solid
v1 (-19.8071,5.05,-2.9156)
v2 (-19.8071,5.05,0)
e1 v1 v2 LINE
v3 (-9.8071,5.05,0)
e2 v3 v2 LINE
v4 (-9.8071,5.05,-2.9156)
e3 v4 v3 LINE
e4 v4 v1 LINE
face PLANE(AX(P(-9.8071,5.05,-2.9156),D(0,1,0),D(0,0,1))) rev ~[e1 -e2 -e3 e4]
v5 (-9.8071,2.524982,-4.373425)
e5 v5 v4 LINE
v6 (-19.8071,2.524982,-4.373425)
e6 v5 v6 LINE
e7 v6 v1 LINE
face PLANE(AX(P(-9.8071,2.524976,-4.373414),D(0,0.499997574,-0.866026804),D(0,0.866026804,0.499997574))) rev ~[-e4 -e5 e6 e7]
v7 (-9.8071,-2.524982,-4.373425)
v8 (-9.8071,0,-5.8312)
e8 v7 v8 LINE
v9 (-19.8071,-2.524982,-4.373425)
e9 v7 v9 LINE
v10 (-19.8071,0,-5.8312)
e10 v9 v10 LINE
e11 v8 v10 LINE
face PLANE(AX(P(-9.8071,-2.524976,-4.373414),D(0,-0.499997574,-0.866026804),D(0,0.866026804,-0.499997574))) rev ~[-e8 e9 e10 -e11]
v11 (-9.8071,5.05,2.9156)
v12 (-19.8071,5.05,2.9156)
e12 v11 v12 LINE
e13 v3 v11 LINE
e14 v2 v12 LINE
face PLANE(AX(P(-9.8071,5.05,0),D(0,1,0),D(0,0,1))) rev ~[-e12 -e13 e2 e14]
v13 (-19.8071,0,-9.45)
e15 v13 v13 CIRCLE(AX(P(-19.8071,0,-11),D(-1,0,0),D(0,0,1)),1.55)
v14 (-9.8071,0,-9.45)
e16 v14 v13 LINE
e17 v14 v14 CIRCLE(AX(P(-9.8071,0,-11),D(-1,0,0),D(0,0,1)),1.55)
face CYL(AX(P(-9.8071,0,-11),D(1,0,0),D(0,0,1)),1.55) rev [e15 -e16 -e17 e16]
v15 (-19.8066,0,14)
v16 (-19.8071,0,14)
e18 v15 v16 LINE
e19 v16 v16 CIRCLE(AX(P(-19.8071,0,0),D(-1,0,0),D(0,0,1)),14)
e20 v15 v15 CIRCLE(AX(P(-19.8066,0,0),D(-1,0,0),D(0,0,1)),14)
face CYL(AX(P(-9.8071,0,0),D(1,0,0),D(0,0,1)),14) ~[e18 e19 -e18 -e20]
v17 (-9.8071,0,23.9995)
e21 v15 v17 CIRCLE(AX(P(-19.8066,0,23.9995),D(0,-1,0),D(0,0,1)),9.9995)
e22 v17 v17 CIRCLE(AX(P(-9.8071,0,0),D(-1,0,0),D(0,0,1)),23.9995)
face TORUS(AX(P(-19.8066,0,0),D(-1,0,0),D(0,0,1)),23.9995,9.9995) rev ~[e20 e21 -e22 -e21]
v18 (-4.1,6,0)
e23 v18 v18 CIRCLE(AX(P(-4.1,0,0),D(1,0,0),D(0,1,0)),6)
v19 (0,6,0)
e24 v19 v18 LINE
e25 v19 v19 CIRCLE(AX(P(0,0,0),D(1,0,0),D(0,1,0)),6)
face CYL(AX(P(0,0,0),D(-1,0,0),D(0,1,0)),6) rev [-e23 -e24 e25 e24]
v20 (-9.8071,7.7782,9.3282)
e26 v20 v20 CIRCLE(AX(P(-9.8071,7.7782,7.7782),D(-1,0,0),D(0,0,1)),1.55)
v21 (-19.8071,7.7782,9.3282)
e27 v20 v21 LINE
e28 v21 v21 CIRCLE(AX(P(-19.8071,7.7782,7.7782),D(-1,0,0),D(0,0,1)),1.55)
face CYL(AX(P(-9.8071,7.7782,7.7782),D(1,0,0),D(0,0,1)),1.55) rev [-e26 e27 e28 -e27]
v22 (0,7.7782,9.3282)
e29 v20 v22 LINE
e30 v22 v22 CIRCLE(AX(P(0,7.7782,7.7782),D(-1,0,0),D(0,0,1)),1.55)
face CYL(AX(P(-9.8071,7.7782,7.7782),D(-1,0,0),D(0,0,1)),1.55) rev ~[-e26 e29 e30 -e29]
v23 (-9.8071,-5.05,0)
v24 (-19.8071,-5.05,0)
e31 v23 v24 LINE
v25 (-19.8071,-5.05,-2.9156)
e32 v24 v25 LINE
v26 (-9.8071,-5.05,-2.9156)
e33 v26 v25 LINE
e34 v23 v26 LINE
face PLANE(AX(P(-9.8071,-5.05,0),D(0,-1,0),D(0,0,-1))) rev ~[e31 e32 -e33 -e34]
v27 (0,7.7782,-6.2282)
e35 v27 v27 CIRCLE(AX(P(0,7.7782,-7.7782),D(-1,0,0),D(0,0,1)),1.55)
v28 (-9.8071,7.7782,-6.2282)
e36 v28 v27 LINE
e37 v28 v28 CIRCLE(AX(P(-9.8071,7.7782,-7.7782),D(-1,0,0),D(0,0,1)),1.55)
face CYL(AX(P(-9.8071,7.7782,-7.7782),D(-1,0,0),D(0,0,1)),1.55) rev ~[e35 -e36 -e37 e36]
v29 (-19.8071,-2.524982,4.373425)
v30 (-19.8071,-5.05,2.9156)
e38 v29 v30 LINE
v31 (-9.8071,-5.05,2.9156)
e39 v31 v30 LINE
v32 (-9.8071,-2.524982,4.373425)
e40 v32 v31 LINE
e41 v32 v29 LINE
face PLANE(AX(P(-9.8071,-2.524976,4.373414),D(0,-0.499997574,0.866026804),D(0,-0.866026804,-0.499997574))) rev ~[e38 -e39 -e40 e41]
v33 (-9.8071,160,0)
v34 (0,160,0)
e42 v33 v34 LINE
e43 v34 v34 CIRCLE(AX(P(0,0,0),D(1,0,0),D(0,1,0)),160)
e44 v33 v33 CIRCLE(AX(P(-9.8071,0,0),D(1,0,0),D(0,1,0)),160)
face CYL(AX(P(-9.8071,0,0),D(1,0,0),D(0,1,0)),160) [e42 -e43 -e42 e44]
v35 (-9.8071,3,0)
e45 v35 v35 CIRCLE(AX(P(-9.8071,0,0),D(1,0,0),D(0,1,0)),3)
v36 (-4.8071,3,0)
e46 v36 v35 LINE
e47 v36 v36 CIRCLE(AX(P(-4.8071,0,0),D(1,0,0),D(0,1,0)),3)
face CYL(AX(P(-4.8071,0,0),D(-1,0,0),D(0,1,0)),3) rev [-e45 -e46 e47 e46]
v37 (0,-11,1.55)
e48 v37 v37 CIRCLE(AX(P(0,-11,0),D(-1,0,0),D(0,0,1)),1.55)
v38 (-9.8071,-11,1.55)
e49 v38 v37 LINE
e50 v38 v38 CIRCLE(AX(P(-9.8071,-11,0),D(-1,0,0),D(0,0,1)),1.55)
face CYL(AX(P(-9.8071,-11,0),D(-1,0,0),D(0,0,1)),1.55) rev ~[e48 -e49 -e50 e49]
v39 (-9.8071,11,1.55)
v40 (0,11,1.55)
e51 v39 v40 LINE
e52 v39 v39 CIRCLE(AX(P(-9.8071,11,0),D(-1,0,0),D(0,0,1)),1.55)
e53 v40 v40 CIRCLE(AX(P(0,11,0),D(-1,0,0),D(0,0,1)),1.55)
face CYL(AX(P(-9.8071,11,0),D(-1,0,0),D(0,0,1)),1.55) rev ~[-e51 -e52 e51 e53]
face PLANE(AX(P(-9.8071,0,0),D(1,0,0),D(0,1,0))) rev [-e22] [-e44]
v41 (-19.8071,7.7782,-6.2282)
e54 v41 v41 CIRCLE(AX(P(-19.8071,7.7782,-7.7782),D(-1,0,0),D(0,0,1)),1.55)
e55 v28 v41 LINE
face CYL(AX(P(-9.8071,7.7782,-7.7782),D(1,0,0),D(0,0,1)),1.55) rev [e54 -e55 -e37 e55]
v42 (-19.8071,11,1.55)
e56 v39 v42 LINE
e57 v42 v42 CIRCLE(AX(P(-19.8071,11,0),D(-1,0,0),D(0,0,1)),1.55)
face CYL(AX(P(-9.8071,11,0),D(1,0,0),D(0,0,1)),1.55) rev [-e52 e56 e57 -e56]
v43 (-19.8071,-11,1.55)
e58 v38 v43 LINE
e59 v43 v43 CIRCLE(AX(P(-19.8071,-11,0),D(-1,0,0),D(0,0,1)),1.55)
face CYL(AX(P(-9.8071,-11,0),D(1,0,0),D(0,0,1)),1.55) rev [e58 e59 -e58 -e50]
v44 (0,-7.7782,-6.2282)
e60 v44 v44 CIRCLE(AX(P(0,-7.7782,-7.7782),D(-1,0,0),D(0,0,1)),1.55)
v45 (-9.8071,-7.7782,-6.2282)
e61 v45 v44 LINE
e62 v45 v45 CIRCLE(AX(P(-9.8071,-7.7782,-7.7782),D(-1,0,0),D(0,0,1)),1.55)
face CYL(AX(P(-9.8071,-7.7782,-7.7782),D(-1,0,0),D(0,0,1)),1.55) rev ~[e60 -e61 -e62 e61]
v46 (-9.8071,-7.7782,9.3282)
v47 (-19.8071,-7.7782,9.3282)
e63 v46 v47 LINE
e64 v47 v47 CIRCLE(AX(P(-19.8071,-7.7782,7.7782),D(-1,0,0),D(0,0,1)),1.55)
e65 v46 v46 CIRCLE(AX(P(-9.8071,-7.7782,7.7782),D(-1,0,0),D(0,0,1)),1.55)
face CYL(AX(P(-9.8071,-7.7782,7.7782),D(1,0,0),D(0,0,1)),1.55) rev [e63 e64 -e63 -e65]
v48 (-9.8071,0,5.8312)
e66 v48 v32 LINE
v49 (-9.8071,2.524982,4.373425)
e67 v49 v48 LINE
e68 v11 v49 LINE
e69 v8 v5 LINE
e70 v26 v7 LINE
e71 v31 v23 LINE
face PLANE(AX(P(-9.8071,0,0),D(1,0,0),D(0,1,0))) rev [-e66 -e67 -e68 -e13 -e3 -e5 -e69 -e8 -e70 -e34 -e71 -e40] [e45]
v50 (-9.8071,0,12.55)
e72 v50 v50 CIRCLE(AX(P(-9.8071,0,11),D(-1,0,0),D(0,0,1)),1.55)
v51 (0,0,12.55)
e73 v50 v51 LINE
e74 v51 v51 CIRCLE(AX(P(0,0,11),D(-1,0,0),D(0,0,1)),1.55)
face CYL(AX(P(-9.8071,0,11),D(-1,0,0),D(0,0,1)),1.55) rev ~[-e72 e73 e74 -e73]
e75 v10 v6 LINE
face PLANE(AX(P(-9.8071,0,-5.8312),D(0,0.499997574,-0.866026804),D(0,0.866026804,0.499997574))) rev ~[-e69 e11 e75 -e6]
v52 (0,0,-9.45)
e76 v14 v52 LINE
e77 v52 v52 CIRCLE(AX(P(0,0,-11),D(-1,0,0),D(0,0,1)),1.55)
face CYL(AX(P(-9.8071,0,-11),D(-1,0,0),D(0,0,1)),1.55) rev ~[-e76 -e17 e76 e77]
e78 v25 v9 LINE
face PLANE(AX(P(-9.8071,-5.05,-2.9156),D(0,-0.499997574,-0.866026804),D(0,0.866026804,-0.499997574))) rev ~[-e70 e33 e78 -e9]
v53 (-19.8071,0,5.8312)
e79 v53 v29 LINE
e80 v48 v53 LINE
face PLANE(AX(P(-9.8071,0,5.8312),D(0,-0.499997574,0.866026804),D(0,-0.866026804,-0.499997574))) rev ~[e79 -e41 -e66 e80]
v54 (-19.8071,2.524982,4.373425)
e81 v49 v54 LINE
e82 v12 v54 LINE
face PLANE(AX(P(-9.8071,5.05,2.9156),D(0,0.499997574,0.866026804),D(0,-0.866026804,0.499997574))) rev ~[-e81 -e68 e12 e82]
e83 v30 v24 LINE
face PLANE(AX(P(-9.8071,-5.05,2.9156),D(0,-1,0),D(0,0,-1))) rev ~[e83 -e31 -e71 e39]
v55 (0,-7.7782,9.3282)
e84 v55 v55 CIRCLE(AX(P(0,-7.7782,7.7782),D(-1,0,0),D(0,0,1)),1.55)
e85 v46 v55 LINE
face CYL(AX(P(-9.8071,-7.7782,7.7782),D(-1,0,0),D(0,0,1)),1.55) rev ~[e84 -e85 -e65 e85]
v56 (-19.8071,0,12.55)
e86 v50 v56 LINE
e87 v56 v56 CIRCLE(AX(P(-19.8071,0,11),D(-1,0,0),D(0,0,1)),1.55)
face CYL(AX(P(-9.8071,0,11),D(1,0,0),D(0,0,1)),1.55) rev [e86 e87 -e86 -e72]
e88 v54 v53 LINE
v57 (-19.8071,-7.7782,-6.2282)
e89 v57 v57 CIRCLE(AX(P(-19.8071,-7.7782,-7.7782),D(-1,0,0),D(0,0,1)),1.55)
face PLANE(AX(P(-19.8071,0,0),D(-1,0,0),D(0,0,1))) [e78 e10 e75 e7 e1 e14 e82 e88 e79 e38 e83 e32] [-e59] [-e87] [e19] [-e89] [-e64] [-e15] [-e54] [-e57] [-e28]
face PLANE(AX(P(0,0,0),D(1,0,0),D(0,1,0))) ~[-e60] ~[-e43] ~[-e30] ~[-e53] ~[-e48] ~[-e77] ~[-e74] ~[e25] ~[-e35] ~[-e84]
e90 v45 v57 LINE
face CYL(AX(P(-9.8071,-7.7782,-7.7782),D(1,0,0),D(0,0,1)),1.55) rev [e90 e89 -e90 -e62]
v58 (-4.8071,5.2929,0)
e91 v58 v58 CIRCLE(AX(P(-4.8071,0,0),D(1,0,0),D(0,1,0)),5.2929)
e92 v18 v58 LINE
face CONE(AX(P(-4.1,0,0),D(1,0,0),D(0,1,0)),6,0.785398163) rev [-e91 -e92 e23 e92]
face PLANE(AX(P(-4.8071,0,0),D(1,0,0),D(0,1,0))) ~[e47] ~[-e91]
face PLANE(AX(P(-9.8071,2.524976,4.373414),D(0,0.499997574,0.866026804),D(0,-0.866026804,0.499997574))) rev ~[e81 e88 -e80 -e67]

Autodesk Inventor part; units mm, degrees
ref_plane "YZ Plane" through (0, 0, 0) normal (1, 0, 0) x (0, 1, 0)
ref_plane "XZ Plane" through (0, 0, 0) normal (0, 1, 0) x (-1, 0, 0)
ref_plane "XY Plane" through (0, 0, 0) normal (0, 0, 1) x (1, 0, 0)
sketch "Szkic1" plane through (0, 0, 0) normal (0, 0, 1) x (1, 0, 0)
  line L0 (-41.2071, 0) -> (178.5929, 0) projected
  line L1 (0, -47.06) -> (0, 194.51) projected
  line L2 (0, 0) -> (0, 6) construction
  line L3 (0, 6) -> (-4.1, 6)
  line L4 (-4.1, 6) -> (-4.8071, 5.2929)
  line L5 (-4.1, 6) -> (-3.1, 6) construction
  line L6 (0, 0) -> (-4.8071, 0) construction
  line L7 (-4.8071, 0) -> (-4.8071, 3) construction
  line L8 (-4.8071, 3) -> (-4.8071, 5.2929)
  line L9 (-4.8071, 3) -> (-9.8071, 3)
  line L10 (-9.8071, 3) -> (-9.8071, 160)
  line L11 (-9.8071, 3) -> (147.1929, 3) construction
  line L12 (-9.8071, 160) -> (0, 160)
  line L13 (0, 160) -> (0, 6)
  dimension "d0" = 6
  dimension "d1" = 4.1
  dimension "d5" = 1
  dimension "d6" = 135
  dimension "d7" = 3
  dimension "d8" = 5
  dimension "d9" = 157
  dimension "d10" = 90
revolve "Obrót1" add sketch "Szkic1" angle 360 about axis through (-10, 0, 0) along (1, 0, 0)
sketch "Szkic2" plane through (-9.8071, 0, 0) normal (-1, 0, 0) x (0, 0, 1)
  line L0 (0, 0) -> (11, 0) construction
  circle A0 centre (11, 0) radius 1.55
  circle A1 centre (7.7782, 7.7782) radius 1.55
  circle A2 centre (0, 11) radius 1.55
  circle A3 centre (-7.7782, 7.7782) radius 1.55
  circle A4 centre (-11, 0) radius 1.55
  circle A5 centre (-7.7782, -7.7782) radius 1.55
  circle A6 centre (0, -11) radius 1.55
  circle A7 centre (7.7782, -7.7782) radius 1.55
  circle A8 centre (0, 0) radius 14
  circle A9 centre (0, 0) radius 5.05
  line L1 (5.8312, 0) -> (2.9156, -5.05)
  line L2 (2.9156, 5.05) -> (5.8312, 0)
  line L3 (-2.9156, 5.05) -> (2.9156, 5.05)
  line L4 (-5.8312, 0) -> (-2.9156, 5.05)
  line L5 (-2.9156, -5.05) -> (-5.8312, 0)
  line L6 (2.9156, -5.05) -> (-2.9156, -5.05)
  point P0 (0, -5.05)
  dimension "d21" = 10.1
  dimension "d12" = 11
  dimension "d13" = 3.1
  dimension "d16" = 360
  dimension "d20" = 28
  dimension "d26" = 360
extrude "Wyciągnięcie proste1" cut sketch "Szkic2" against normal through all contours A0 | A1 | A2 | A3 | A4 | A5 | A6 | A7
extrude "Wyciągnięcie proste2" add sketch "Szkic2" along normal blind 10
fillet "Zaokrąglenie1" radius 10 1 edges at (-9.8071, 0, -14)
